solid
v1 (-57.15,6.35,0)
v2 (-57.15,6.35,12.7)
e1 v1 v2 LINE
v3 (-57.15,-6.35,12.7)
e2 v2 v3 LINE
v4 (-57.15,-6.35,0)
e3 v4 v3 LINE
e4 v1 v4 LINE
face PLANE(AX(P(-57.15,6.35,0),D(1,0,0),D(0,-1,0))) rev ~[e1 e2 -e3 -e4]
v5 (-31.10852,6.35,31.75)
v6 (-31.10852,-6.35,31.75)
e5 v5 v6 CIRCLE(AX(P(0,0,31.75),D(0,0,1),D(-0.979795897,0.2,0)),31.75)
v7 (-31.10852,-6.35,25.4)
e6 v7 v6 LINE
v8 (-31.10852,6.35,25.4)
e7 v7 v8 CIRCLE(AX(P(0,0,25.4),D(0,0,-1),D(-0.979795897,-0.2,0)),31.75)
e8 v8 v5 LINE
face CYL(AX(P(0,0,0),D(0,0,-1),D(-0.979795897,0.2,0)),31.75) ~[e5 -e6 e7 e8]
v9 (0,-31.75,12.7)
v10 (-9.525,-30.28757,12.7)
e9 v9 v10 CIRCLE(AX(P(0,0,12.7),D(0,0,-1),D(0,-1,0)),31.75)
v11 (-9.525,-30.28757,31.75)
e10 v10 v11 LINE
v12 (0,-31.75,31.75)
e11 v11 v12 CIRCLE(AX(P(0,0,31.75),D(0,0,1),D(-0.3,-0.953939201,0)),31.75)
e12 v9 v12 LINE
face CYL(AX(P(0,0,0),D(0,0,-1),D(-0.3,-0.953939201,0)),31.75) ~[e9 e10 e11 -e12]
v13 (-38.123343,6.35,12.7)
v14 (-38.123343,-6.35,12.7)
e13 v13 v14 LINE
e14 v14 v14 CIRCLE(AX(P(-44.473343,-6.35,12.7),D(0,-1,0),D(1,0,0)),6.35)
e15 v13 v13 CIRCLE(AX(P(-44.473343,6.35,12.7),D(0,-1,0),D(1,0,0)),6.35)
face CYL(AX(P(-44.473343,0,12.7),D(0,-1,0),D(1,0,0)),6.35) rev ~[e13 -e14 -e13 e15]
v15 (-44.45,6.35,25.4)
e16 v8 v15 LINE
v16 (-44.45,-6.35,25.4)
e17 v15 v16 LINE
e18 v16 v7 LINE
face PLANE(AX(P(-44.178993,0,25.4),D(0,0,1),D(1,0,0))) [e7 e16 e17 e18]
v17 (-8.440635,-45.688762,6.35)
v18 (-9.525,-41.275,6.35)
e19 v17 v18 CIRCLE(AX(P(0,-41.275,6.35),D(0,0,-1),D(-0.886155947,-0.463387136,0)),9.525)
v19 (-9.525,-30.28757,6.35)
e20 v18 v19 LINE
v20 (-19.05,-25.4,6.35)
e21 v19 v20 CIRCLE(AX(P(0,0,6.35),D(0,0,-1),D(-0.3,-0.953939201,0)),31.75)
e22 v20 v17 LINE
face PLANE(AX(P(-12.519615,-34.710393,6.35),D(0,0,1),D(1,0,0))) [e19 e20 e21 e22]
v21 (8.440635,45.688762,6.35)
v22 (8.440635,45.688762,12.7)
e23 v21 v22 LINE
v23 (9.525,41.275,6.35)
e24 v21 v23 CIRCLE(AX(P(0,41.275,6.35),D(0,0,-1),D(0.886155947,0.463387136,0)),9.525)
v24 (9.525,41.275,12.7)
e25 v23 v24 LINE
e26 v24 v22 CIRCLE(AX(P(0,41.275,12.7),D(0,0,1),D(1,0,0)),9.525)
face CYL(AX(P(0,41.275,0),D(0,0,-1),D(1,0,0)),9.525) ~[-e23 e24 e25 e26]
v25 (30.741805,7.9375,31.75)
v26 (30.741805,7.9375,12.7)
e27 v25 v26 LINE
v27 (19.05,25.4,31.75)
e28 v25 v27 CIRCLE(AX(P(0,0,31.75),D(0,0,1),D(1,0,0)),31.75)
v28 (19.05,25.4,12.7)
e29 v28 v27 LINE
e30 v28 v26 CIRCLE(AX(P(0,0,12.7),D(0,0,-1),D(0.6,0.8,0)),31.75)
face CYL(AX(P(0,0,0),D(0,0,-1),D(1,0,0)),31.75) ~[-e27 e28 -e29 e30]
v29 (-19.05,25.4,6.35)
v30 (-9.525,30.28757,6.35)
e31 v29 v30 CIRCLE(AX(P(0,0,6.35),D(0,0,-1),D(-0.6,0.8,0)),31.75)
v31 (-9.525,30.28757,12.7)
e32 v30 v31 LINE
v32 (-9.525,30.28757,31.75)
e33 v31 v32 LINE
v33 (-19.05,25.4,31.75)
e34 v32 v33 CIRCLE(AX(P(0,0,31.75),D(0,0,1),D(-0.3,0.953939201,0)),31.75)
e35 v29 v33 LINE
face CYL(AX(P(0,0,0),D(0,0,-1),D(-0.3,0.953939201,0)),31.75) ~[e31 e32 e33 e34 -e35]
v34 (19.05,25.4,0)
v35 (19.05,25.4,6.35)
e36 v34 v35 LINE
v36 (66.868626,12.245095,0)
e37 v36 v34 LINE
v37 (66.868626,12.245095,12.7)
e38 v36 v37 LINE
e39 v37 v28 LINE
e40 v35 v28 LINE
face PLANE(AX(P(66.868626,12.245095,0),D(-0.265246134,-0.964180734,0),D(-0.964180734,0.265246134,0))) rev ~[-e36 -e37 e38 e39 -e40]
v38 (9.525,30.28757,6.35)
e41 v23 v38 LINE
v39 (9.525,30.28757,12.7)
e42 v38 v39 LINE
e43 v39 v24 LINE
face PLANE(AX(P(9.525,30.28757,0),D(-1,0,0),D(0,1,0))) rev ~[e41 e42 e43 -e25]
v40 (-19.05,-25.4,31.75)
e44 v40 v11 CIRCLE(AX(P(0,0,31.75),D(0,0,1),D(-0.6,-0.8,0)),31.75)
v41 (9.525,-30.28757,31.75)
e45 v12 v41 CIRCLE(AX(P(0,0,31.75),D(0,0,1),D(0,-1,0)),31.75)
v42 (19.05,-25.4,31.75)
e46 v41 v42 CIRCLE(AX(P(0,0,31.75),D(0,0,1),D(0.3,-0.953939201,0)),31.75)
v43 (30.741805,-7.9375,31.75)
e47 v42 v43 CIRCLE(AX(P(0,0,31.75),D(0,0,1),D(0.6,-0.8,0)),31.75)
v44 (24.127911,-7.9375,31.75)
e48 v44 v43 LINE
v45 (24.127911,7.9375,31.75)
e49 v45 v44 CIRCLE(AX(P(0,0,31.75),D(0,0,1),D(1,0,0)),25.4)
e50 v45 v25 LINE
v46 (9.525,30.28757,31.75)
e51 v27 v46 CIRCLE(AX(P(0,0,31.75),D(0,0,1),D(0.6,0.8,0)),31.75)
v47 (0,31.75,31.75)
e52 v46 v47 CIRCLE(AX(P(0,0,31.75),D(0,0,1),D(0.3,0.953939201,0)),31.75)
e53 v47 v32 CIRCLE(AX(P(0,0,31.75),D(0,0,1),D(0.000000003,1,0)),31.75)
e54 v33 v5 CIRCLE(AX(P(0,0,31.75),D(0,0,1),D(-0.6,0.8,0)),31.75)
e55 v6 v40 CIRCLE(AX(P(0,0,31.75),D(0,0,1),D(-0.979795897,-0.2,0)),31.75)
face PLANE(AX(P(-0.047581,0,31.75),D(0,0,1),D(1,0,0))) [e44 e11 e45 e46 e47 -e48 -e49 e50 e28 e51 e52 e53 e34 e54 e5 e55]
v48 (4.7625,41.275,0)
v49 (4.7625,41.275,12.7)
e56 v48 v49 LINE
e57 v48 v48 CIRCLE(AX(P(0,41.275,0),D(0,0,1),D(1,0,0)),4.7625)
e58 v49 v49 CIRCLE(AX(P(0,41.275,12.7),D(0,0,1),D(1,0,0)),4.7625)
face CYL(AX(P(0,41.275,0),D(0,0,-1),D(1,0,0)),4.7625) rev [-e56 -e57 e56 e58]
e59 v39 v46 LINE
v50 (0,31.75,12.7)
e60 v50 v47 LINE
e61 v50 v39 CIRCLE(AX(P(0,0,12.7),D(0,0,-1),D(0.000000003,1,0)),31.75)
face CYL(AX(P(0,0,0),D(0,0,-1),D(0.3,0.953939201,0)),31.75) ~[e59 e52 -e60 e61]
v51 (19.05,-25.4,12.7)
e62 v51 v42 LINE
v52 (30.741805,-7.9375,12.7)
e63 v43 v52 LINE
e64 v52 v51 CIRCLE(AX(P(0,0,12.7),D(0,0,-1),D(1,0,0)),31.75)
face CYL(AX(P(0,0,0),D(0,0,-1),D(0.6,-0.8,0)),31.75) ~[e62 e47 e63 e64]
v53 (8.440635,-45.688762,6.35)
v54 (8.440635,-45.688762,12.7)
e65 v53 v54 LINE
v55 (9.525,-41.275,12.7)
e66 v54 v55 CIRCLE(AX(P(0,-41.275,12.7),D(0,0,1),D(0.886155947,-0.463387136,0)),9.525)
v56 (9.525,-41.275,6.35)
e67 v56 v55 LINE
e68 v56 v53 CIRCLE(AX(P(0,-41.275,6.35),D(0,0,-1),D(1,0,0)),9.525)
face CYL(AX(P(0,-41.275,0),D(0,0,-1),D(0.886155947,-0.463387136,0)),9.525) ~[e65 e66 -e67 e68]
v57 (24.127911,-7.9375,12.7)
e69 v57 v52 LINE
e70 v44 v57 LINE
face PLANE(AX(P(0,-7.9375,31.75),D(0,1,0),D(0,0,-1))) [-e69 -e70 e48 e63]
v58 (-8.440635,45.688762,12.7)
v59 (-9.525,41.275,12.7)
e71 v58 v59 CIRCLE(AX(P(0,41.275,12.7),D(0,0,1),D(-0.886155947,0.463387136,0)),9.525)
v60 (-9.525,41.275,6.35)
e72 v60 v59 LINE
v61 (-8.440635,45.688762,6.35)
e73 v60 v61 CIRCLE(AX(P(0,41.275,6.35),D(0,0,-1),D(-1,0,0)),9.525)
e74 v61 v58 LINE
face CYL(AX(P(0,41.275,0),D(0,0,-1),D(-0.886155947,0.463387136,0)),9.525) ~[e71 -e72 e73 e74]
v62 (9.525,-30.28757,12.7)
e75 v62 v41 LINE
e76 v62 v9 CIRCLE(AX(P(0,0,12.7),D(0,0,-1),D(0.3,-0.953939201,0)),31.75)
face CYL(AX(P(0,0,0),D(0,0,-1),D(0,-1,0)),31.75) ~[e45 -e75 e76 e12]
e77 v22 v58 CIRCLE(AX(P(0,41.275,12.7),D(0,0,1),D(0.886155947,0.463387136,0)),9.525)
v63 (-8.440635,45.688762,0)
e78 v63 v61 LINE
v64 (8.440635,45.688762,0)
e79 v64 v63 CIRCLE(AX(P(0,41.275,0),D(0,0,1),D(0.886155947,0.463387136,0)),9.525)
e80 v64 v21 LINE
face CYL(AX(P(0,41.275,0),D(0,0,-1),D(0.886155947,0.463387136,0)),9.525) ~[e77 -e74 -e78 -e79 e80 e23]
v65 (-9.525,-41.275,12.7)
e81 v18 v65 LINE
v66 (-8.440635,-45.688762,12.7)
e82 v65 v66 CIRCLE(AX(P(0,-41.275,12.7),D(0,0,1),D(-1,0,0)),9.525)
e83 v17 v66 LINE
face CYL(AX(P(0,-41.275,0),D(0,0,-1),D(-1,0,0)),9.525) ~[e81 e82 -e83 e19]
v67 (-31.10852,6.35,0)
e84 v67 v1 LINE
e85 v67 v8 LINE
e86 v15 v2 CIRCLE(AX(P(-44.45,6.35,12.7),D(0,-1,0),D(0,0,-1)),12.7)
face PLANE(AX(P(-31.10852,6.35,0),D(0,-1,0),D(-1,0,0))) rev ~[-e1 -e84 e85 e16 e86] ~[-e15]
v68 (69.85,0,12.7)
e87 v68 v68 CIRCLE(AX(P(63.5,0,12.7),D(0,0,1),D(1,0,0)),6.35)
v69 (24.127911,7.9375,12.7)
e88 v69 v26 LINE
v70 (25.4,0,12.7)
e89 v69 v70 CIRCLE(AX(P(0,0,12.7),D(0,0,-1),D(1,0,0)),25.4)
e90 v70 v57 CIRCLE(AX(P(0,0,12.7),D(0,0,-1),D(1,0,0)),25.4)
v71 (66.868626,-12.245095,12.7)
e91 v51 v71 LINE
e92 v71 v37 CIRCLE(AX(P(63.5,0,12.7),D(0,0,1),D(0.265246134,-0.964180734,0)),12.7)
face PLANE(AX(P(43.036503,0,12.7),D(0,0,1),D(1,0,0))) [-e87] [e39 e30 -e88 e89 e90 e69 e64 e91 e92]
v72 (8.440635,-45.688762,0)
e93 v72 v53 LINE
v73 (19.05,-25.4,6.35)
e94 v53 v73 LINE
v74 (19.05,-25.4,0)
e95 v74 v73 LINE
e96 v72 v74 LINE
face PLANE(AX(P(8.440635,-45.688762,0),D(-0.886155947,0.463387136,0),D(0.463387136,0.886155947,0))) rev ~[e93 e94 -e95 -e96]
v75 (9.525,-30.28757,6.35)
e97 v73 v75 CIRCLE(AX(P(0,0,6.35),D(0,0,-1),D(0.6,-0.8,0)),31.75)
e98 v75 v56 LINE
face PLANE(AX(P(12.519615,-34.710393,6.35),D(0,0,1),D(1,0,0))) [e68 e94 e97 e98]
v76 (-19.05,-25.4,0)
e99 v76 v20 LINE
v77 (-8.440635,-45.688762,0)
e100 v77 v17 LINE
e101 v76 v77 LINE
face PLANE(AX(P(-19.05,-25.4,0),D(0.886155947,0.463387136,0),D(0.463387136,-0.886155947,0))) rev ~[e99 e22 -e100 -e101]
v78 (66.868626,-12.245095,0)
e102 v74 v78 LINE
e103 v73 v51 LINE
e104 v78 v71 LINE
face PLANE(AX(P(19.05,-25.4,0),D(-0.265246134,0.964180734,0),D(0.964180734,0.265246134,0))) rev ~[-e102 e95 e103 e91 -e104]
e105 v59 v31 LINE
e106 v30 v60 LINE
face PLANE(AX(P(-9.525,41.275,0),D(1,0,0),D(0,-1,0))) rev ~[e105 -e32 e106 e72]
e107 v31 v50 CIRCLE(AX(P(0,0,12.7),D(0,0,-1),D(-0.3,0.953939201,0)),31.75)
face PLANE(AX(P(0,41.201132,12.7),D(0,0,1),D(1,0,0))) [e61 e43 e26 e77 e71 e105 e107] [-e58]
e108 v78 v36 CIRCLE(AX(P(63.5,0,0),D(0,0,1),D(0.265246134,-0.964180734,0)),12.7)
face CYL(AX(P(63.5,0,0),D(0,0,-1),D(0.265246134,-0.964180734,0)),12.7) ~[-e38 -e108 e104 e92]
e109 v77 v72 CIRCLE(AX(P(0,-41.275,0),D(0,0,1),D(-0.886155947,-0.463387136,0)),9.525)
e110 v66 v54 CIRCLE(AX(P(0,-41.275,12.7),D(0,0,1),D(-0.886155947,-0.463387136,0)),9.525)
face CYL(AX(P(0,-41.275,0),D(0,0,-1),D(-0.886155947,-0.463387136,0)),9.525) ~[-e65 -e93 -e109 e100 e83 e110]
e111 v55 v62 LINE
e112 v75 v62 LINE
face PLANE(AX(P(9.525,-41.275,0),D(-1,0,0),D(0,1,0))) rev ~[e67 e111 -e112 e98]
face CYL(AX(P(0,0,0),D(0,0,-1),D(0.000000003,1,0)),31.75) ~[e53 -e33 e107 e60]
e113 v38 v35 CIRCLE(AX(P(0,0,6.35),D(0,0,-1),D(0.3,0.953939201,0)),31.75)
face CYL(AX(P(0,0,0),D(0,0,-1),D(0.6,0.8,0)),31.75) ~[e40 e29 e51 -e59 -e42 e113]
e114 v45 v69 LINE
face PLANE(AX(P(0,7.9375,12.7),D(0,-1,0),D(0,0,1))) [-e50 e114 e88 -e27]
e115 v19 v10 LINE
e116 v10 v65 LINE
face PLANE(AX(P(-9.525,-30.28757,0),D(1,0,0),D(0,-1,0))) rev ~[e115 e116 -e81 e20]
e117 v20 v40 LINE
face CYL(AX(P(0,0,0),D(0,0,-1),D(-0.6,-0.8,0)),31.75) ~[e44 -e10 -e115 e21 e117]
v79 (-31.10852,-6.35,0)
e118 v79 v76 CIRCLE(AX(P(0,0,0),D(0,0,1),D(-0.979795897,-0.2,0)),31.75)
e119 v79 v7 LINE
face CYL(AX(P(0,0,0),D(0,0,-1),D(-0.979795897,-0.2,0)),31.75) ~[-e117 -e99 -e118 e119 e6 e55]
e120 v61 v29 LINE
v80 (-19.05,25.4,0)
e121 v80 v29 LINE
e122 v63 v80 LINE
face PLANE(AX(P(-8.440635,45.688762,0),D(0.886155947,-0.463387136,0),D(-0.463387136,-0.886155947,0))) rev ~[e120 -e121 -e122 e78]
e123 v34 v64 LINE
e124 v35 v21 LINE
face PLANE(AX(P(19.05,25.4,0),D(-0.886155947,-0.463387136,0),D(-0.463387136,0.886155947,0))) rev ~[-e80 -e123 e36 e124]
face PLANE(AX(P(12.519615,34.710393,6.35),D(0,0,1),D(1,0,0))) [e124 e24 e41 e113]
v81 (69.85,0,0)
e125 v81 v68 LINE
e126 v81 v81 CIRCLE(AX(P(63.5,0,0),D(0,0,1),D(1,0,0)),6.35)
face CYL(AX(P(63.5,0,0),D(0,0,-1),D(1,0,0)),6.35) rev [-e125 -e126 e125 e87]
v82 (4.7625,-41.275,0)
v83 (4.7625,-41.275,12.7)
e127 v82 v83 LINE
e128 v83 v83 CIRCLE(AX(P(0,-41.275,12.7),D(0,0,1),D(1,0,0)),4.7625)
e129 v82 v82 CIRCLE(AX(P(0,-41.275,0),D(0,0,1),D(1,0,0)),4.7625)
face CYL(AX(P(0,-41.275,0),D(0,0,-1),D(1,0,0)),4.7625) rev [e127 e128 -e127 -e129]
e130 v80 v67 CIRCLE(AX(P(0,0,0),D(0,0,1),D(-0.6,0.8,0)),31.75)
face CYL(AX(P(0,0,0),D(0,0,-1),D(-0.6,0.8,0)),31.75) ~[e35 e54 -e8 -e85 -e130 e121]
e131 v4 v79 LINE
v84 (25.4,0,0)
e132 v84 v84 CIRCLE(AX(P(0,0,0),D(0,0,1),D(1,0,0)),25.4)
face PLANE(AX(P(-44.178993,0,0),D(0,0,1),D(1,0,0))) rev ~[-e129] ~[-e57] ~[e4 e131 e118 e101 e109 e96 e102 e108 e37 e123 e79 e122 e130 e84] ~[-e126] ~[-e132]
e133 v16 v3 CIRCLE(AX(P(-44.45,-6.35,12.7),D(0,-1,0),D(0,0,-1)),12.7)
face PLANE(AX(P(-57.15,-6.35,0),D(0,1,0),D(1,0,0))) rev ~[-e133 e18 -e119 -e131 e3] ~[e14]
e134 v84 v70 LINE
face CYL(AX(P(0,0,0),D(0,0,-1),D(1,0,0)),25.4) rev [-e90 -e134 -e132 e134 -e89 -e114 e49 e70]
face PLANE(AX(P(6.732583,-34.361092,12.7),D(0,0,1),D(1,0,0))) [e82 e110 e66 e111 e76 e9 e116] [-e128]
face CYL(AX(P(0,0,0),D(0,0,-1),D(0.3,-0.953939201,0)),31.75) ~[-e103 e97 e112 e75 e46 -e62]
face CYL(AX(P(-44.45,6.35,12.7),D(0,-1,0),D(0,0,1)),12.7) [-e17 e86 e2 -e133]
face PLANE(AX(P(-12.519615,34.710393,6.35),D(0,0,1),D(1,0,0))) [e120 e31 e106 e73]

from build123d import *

# Parameters (mm, degrees)
F0_R      = 25.4
F1_DEPTH  = 31.75
F0_R_2    = 4.7625
F0_R_3    = 6.35
F2_DEPTH  = 12.7
F3_DEPTH  = 6.35
F4_DEPTH  = 25.4
F5_R      = 6.35
F6_DEPTH  = 6.35
F7_DEPTH  = 6.35
F8_R      = 12.7
F10_DEPTH = 31.75
F11_DEPTH = 63.5


with BuildPart() as f1:
    # F0 (on Top) → F1 (new body)
    with BuildSketch(Plane.XY):
        with BuildLine():
            ThreePointArc((19.05, -25.4), (28.3980633142, -14.1990316571), (31.75, 0))
            ThreePointArc((31.75, 0), (28.3980633142, 14.1990316571), (19.05, 25.4))
            ThreePointArc((19.05, 25.4), (14.4949901866, 28.2481461249), (9.525, 30.287569645))
            ThreePointArc((9.525, 30.287569645), (4.8183069939, 31.3822627883), (8.43e-08, 31.75))
            ThreePointArc((8.43e-08, 31.75), (-4.8183069106, 31.3822628011), (-9.525, 30.287569645))
            ThreePointArc((-9.525, 30.287569645), (-14.4949901866, 28.2481461249), (-19.05, 25.4))
            ThreePointArc((-19.05, 25.4), (-26.8271299333, 16.9813898), (-31.1085197333, 6.35))
            ThreePointArc((-31.1085197333, 6.35), (-31.75, 0), (-31.1085197333, -6.35))
            ThreePointArc((-31.1085197333, -6.35), (-26.8271299333, -16.9813898), (-19.05, -25.4))
            ThreePointArc((-19.05, -25.4), (-14.4949901866, -28.2481461249), (-9.525, -30.287569645))
            ThreePointArc((-9.525, -30.287569645), (-4.8183069522, -31.3822627947), (0, -31.75))
            ThreePointArc((0, -31.75), (4.8183069522, -31.3822627947), (9.525, -30.287569645))
            ThreePointArc((9.525, -30.287569645), (14.4949901866, -28.2481461249), (19.05, -25.4))
        make_face()
        Circle(F0_R, mode=Mode.SUBTRACT)
    extrude(amount=F1_DEPTH)

    # F0 (on Top) → F2 (join)
    with BuildSketch(Plane.XY):
        with BuildLine():
            ThreePointArc((9.525, 41.275), (9.2499372193, 43.5475066424), (8.4406353932, 45.6887624719))
            ThreePointArc((8.4406353932, 45.6887624719), (0, 50.8), (-8.4406353932, 45.6887624719))
            ThreePointArc((-8.4406353932, 45.6887624719), (-9.2499372193, 43.5475066424), (-9.525, 41.275))
            ThreePointArc((-9.525, 41.275), (-6.735192061, 34.5398078794), (8.43e-08, 31.75))
            ThreePointArc((8.43e-08, 31.75), (6.7351921206, 34.539807939), (9.525, 41.275))
        make_face()
        with Locations((0, 41.275)):
            Circle(F0_R_2, mode=Mode.SUBTRACT)
        with BuildLine():
            ThreePointArc((8.43e-08, 31.75), (4.8183069939, 31.3822627883), (9.525, 30.287569645))
            Line((9.525, 30.287569645), (9.525, 41.275))
            ThreePointArc((9.525, 41.275), (6.7351921206, 34.539807939), (8.43e-08, 31.75))
        make_face()
        with BuildLine():
            Line((9.525, -41.275), (9.525, -30.287569645))
            ThreePointArc((9.525, -30.287569645), (4.8183069522, -31.3822627947), (0, -31.75))
            ThreePointArc((0, -31.75), (6.7351920908, -34.5398079092), (9.525, -41.275))
        make_face()
        with BuildLine():
            ThreePointArc((-9.525, -41.275), (-6.7351920908, -34.5398079092), (0, -31.75))
            ThreePointArc((0, -31.75), (-4.8183069522, -31.3822627947), (-9.525, -30.287569645))
            Line((-9.525, -30.287569645), (-9.525, -41.275))
        make_face()
        with BuildLine():
            ThreePointArc((-8.4406353932, -45.6887624719), (0, -50.8), (8.4406353932, -45.6887624719))
            ThreePointArc((8.4406353932, -45.6887624719), (9.2499372193, -43.5475066424), (9.525, -41.275))
            ThreePointArc((9.525, -41.275), (6.7351920908, -34.5398079092), (0, -31.75))
            ThreePointArc((0, -31.75), (-6.7351920908, -34.5398079092), (-9.525, -41.275))
            ThreePointArc((-9.525, -41.275), (-9.2499372193, -43.5475066424), (-8.4406353932, -45.6887624719))
        make_face()
        with Locations((0, -41.275)):
            Circle(F0_R_2, mode=Mode.SUBTRACT)
        with BuildLine():
            ThreePointArc((-9.525, 30.287569645), (-4.8183069106, 31.3822628011), (8.43e-08, 31.75))
            ThreePointArc((8.43e-08, 31.75), (-6.735192061, 34.5398078794), (-9.525, 41.275))
            Line((-9.525, 41.275), (-9.525, 30.287569645))
        make_face()
        with BuildLine():
            ThreePointArc((19.05, 25.4), (28.3980633142, 14.1990316571), (31.75, 0))
            ThreePointArc((31.75, 0), (28.3980633142, -14.1990316571), (19.05, -25.4))
            Line((19.05, -25.4), (66.8686259006, -12.245095326))
            ThreePointArc((66.8686259006, -12.245095326), (76.2, 0), (66.8686259006, 12.245095326))
            Line((66.8686259006, 12.245095326), (19.05, 25.4))
        make_face()
        with Locations((63.5, 0)):
            Circle(F0_R_3, mode=Mode.SUBTRACT)
    extrude(amount=F2_DEPTH)

    # F0 (on Top) → F3 (join)
    with BuildSketch(Plane.XY):
        with BuildLine():
            ThreePointArc((-9.525, 41.275), (-9.2499372193, 43.5475066424), (-8.4406353932, 45.6887624719))
            Line((-8.4406353932, 45.6887624719), (-19.05, 25.4))
            ThreePointArc((-19.05, 25.4), (-14.4949901866, 28.2481461249), (-9.525, 30.287569645))
            Line((-9.525, 30.287569645), (-9.525, 41.275))
        make_face()
        with BuildLine():
            ThreePointArc((9.525, 30.287569645), (14.4949901866, 28.2481461249), (19.05, 25.4))
            Line((19.05, 25.4), (8.4406353932, 45.6887624719))
            ThreePointArc((8.4406353932, 45.6887624719), (9.2499372193, 43.5475066424), (9.525, 41.275))
            Line((9.525, 41.275), (9.525, 30.287569645))
        make_face()
        with BuildLine():
            Line((8.4406353932, -45.6887624719), (19.05, -25.4))
            ThreePointArc((19.05, -25.4), (14.4949901866, -28.2481461249), (9.525, -30.287569645))
            Line((9.525, -30.287569645), (9.525, -41.275))
            ThreePointArc((9.525, -41.275), (9.2499372193, -43.5475066424), (8.4406353932, -45.6887624719))
        make_face()
        with BuildLine():
            Line((-19.05, -25.4), (-8.4406353932, -45.6887624719))
            ThreePointArc((-8.4406353932, -45.6887624719), (-9.2499372193, -43.5475066424), (-9.525, -41.275))
            Line((-9.525, -41.275), (-9.525, -30.287569645))
            ThreePointArc((-9.525, -30.287569645), (-14.4949901866, -28.2481461249), (-19.05, -25.4))
        make_face()
    extrude(amount=F3_DEPTH)

    # F0 (on Top) → F4 (join)
    with BuildSketch(Plane.XY):
        with BuildLine():
            ThreePointArc((-31.1085197333, -6.35), (-31.75, 0), (-31.1085197333, 6.35))
            Line((-31.1085197333, 6.35), (-57.15, 6.35))
            Line((-57.15, 6.35), (-57.15, 0))
            Line((-57.15, 0), (-57.15, -6.35))
            Line((-57.15, -6.35), (-31.1085197333, -6.35))
        make_face()
    extrude(amount=F4_DEPTH)

    # F5 (on Front) → F6 (cut, symmetric)
    with BuildSketch(Plane.XZ):
        with Locations((-44.4733425975, 12.6999998465)):
            Circle(F5_R)
    extrude(amount=F6_DEPTH, both=True, mode=Mode.SUBTRACT)

    # F5 (on Front) → F7 (cut, symmetric)
    with BuildSketch(Plane.XZ):
        with Locations((-44.4733425975, 12.6999998465)):
            Circle(F5_R)
    extrude(amount=F7_DEPTH, both=True, mode=Mode.SUBTRACT)

    # F8
    f8_edges = [f1.edges().sort_by_distance(p)[0] for p in [
        (-57.15, 0, 25.4),
    ]]
    fillet(f8_edges, radius=F8_R)

    # F9 (on Right) → F10 (cut)
    with BuildSketch(Plane.YZ):
        Polygon((0, 31.75), (-7.9375, 31.75), (-7.9375, 12.7), (7.9375, 12.7), (7.9375, 31.75), align=None)
    extrude(amount=F10_DEPTH, mode=Mode.SUBTRACT)

    # F9 (on Right) → F11 (cut)
    with BuildSketch(Plane.YZ):
        Polygon((0, 31.75), (-7.9375, 31.75), (-7.9375, 12.7), (7.9375, 12.7), (7.9375, 31.75), align=None)
    extrude(amount=F11_DEPTH, mode=Mode.SUBTRACT)


solid = f1.part
